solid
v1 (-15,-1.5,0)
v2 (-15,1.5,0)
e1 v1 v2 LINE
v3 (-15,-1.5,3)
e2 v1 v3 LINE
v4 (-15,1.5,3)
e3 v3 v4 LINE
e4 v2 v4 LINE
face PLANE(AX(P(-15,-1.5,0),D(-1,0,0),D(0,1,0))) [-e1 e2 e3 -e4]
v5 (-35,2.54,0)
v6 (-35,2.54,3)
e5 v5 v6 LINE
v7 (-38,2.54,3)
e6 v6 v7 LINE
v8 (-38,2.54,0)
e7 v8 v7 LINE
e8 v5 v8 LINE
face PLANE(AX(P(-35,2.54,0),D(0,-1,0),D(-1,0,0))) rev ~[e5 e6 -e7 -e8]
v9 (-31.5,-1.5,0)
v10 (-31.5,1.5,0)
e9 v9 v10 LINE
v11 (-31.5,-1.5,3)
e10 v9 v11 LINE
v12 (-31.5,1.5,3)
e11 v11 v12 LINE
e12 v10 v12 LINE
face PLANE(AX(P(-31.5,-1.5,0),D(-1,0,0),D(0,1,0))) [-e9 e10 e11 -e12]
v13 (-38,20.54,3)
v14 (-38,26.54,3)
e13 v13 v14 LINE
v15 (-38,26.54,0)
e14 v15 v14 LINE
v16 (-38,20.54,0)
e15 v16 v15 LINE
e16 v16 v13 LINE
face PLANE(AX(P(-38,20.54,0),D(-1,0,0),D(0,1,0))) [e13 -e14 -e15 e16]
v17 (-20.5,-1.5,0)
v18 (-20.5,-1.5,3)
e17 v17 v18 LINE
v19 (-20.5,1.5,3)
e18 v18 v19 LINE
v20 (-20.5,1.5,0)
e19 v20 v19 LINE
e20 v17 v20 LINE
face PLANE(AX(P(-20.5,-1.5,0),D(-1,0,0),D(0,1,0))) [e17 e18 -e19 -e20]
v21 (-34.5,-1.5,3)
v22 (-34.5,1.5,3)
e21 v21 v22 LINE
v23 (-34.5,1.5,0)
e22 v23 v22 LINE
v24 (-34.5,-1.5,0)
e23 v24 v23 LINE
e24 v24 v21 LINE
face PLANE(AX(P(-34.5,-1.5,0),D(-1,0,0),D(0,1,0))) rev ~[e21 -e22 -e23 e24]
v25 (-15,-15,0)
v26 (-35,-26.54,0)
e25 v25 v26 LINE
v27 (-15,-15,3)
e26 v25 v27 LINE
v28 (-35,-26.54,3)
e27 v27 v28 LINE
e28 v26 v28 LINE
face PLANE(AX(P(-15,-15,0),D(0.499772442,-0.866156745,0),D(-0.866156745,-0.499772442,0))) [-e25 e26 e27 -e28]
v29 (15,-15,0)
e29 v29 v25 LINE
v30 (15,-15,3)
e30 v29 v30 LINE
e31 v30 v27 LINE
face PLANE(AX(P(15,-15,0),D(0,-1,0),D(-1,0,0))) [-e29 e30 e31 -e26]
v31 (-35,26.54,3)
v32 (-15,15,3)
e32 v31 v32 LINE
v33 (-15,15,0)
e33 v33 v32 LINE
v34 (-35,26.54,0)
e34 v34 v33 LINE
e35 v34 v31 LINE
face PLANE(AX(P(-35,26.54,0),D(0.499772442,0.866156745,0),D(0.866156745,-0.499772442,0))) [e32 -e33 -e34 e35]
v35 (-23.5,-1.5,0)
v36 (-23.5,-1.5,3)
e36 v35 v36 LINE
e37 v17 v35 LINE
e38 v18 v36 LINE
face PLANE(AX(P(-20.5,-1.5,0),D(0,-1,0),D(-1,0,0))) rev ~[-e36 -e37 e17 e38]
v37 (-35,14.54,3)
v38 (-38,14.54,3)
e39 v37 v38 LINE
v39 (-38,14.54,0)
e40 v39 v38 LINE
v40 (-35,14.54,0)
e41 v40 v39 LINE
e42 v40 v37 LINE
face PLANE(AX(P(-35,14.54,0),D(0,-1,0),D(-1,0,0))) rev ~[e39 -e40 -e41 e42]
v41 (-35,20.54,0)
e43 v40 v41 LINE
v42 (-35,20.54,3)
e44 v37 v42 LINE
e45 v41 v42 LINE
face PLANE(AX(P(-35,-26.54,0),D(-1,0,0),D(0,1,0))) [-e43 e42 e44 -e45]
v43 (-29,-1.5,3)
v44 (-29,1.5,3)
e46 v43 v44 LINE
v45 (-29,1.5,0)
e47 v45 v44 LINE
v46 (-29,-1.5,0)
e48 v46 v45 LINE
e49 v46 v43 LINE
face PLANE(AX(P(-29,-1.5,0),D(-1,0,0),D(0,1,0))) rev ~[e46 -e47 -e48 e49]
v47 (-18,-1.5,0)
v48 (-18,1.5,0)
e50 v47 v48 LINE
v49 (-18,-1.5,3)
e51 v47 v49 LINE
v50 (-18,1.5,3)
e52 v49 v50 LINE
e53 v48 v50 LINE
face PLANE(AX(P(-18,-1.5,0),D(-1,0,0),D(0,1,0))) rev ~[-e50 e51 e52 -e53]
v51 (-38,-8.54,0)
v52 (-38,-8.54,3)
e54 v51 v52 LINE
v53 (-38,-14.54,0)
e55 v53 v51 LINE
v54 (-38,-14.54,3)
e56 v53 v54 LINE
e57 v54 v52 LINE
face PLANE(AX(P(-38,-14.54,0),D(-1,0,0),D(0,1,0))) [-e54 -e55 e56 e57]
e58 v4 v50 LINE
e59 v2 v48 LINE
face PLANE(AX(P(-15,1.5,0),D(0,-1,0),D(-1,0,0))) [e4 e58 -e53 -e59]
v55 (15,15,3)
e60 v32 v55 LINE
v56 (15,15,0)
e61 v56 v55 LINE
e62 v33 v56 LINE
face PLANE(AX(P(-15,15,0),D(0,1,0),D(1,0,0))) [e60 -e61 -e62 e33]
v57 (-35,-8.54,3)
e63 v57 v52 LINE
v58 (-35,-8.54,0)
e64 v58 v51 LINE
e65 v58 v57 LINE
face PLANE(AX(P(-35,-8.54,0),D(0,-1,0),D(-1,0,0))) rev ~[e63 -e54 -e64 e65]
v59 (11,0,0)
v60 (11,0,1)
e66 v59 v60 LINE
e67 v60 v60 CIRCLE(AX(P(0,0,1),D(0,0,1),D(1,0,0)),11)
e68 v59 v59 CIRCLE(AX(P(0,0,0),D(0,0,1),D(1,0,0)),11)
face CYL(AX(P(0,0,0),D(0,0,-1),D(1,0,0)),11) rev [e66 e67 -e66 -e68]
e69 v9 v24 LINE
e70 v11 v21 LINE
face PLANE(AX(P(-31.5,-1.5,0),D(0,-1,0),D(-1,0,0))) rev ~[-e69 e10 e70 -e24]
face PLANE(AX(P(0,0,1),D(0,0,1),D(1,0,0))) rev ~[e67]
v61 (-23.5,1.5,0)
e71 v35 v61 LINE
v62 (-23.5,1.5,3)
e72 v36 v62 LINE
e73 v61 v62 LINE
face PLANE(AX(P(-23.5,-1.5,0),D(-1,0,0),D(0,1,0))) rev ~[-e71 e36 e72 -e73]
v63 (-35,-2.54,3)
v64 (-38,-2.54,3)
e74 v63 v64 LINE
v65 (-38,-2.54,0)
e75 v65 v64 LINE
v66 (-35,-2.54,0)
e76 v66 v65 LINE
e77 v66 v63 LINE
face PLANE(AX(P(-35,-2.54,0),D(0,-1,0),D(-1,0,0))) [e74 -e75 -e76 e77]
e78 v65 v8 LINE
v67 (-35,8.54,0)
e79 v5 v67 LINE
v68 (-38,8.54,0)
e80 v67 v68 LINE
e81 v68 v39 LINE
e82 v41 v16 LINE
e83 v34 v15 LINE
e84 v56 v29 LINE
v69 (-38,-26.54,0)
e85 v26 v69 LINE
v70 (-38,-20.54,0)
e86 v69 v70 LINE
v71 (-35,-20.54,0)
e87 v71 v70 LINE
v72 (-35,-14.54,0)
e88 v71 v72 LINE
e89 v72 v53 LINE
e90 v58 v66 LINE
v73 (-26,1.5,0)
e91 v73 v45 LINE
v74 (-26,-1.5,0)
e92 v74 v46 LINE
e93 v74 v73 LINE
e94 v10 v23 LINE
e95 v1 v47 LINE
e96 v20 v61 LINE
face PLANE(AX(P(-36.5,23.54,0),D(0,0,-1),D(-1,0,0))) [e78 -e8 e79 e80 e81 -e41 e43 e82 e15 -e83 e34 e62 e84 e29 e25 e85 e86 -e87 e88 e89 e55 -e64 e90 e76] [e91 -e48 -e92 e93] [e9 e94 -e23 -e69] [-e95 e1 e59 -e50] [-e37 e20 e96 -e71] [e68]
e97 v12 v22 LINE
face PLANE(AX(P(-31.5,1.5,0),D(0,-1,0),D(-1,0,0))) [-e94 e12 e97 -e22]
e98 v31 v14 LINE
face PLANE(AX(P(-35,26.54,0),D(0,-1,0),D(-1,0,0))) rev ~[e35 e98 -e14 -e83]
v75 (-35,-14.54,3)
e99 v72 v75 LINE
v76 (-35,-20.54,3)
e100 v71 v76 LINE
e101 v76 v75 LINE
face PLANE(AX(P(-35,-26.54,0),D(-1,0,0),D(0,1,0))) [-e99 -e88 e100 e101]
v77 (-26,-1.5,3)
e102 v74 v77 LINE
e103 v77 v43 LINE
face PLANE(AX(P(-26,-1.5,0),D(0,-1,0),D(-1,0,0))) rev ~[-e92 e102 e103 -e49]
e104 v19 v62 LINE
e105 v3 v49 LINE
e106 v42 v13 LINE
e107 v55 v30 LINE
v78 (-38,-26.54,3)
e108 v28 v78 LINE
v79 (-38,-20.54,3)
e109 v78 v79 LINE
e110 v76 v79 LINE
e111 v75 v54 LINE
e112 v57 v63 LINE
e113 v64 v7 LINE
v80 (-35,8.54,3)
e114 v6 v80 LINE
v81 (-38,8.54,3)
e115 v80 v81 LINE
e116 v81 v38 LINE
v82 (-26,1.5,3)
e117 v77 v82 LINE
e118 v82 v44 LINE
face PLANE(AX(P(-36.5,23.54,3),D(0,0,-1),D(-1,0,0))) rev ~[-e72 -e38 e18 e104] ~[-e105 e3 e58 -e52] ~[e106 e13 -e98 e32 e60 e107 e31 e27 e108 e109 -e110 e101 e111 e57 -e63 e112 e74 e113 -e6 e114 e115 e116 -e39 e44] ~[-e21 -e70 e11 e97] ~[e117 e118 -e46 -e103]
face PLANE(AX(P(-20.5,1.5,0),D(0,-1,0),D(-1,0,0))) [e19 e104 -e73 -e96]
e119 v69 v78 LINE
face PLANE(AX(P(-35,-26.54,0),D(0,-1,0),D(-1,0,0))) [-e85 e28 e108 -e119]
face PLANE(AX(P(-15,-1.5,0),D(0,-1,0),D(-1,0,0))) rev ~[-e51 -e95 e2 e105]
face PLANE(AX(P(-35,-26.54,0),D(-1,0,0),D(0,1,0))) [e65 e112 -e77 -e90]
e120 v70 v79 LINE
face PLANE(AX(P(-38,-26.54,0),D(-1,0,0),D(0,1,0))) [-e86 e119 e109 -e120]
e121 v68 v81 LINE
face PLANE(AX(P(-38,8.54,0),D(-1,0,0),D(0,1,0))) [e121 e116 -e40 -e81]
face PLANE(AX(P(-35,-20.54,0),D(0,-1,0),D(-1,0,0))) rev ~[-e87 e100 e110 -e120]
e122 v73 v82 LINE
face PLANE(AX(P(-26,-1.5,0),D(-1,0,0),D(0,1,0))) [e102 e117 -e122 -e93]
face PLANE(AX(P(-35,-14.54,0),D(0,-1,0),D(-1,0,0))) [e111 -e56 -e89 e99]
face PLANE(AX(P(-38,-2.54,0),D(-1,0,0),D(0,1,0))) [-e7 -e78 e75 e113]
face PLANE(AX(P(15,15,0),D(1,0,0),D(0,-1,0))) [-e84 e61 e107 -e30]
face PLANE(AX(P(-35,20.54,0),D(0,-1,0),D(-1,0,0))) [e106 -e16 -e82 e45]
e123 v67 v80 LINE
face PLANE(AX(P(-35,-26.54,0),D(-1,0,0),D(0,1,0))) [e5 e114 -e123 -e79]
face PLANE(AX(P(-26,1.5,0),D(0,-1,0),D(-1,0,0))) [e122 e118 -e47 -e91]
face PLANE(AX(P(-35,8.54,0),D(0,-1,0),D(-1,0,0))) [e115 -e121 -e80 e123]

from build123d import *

# Parameters (mm, degrees)
BOSS_EXTRUDE1_DEPTH   = 3
SKETCH1_3_R           = 11
CUT_EXTRUDE1_DEPTH    = 1
SKETCH2_W             = 3
SKETCH2_H             = 6
BOSS_EXTRUDE2_DEPTH   = 3
BOSS_EXTRUDE2_2_DEPTH = 3
SKETCH2_H_2           = 5.08
BOSS_EXTRUDE2_3_DEPTH = 3
BOSS_EXTRUDE2_4_DEPTH = 3
BOSS_EXTRUDE2_5_DEPTH = 3
SKETCH3_W             = 3
SKETCH3_H             = 3
CUT_EXTRUDE2_DEPTH    = 3


with BuildPart() as part:
    # Sketch1 → Boss-Extrude1 (new body)
    with BuildSketch(Plane.XY):
        Polygon((-15, 15), (-35, 26.54), (-35, -26.54), (-15, -15), (15, -15), (15, 15), align=None)
    extrude(amount=BOSS_EXTRUDE1_DEPTH)

    # Sketch1<3> → Cut-Extrude1 (cut)
    with BuildSketch(Plane.XY):
        Circle(SKETCH1_3_R)
    extrude(amount=CUT_EXTRUDE1_DEPTH, mode=Mode.SUBTRACT)

    # Sketch3 → Cut-Extrude2 (cut)
    with BuildSketch(Plane(origin=(0, 0, 0), x_dir=(-1, 0, 0), z_dir=(0, 0, -1))):
        with Locations((22, 0)):
            Rectangle(SKETCH3_W, SKETCH3_H)
        with Locations((16.5, 0)):
            Rectangle(SKETCH3_W, SKETCH3_H)
        with Locations((27.5, 0)):
            Rectangle(SKETCH3_W, SKETCH3_H)
        with Locations((33, 0)):
            Rectangle(SKETCH3_W, SKETCH3_H)
    extrude(amount=-CUT_EXTRUDE2_DEPTH, mode=Mode.SUBTRACT)


with BuildPart() as body_2:
    # Sketch2 → Boss-Extrude2 (new body)
    with BuildSketch(Plane(origin=(0, 0, 0), x_dir=(-1, 0, 0), z_dir=(0, 0, -1))):
        with Locations((36.5, -23.54)):
            Rectangle(SKETCH2_W, SKETCH2_H)
    extrude(amount=-BOSS_EXTRUDE2_DEPTH)


with BuildPart() as body_3:
    # Sketch2 → Boss-Extrude2 2 (new body)
    with BuildSketch(Plane(origin=(0, 0, 0), x_dir=(-1, 0, 0), z_dir=(0, 0, -1))):
        with Locations((36.5, -11.54)):
            Rectangle(SKETCH2_W, SKETCH2_H)
    extrude(amount=-BOSS_EXTRUDE2_2_DEPTH)


with BuildPart() as body_4:
    # Sketch2 → Boss-Extrude2 3 (new body)
    with BuildSketch(Plane(origin=(0, 0, 0), x_dir=(-1, 0, 0), z_dir=(0, 0, -1))):
        with Locations((36.5, 0)):
            Rectangle(SKETCH2_W, SKETCH2_H_2)
    extrude(amount=-BOSS_EXTRUDE2_3_DEPTH)


with BuildPart() as body_5:
    # Sketch2 → Boss-Extrude2 4 (new body)
    with BuildSketch(Plane(origin=(0, 0, 0), x_dir=(-1, 0, 0), z_dir=(0, 0, -1))):
        with Locations((36.5, 11.54)):
            Rectangle(SKETCH2_W, SKETCH2_H)
    extrude(amount=-BOSS_EXTRUDE2_4_DEPTH)


with BuildPart() as body_6:
    # Sketch2 → Boss-Extrude2 5 (new body)
    with BuildSketch(Plane(origin=(0, 0, 0), x_dir=(-1, 0, 0), z_dir=(0, 0, -1))):
        with Locations((36.5, 23.54)):
            Rectangle(SKETCH2_W, SKETCH2_H)
    extrude(amount=-BOSS_EXTRUDE2_5_DEPTH)


with BuildPart() as body_4_1:
    add(body_4.part)

    # Combine1: union body 2, body 5, part, body 6, body 3
    add(body_2.part)
    add(body_5.part)
    add(part.part)
    add(body_6.part)
    add(body_3.part)


solid = body_4_1.part
